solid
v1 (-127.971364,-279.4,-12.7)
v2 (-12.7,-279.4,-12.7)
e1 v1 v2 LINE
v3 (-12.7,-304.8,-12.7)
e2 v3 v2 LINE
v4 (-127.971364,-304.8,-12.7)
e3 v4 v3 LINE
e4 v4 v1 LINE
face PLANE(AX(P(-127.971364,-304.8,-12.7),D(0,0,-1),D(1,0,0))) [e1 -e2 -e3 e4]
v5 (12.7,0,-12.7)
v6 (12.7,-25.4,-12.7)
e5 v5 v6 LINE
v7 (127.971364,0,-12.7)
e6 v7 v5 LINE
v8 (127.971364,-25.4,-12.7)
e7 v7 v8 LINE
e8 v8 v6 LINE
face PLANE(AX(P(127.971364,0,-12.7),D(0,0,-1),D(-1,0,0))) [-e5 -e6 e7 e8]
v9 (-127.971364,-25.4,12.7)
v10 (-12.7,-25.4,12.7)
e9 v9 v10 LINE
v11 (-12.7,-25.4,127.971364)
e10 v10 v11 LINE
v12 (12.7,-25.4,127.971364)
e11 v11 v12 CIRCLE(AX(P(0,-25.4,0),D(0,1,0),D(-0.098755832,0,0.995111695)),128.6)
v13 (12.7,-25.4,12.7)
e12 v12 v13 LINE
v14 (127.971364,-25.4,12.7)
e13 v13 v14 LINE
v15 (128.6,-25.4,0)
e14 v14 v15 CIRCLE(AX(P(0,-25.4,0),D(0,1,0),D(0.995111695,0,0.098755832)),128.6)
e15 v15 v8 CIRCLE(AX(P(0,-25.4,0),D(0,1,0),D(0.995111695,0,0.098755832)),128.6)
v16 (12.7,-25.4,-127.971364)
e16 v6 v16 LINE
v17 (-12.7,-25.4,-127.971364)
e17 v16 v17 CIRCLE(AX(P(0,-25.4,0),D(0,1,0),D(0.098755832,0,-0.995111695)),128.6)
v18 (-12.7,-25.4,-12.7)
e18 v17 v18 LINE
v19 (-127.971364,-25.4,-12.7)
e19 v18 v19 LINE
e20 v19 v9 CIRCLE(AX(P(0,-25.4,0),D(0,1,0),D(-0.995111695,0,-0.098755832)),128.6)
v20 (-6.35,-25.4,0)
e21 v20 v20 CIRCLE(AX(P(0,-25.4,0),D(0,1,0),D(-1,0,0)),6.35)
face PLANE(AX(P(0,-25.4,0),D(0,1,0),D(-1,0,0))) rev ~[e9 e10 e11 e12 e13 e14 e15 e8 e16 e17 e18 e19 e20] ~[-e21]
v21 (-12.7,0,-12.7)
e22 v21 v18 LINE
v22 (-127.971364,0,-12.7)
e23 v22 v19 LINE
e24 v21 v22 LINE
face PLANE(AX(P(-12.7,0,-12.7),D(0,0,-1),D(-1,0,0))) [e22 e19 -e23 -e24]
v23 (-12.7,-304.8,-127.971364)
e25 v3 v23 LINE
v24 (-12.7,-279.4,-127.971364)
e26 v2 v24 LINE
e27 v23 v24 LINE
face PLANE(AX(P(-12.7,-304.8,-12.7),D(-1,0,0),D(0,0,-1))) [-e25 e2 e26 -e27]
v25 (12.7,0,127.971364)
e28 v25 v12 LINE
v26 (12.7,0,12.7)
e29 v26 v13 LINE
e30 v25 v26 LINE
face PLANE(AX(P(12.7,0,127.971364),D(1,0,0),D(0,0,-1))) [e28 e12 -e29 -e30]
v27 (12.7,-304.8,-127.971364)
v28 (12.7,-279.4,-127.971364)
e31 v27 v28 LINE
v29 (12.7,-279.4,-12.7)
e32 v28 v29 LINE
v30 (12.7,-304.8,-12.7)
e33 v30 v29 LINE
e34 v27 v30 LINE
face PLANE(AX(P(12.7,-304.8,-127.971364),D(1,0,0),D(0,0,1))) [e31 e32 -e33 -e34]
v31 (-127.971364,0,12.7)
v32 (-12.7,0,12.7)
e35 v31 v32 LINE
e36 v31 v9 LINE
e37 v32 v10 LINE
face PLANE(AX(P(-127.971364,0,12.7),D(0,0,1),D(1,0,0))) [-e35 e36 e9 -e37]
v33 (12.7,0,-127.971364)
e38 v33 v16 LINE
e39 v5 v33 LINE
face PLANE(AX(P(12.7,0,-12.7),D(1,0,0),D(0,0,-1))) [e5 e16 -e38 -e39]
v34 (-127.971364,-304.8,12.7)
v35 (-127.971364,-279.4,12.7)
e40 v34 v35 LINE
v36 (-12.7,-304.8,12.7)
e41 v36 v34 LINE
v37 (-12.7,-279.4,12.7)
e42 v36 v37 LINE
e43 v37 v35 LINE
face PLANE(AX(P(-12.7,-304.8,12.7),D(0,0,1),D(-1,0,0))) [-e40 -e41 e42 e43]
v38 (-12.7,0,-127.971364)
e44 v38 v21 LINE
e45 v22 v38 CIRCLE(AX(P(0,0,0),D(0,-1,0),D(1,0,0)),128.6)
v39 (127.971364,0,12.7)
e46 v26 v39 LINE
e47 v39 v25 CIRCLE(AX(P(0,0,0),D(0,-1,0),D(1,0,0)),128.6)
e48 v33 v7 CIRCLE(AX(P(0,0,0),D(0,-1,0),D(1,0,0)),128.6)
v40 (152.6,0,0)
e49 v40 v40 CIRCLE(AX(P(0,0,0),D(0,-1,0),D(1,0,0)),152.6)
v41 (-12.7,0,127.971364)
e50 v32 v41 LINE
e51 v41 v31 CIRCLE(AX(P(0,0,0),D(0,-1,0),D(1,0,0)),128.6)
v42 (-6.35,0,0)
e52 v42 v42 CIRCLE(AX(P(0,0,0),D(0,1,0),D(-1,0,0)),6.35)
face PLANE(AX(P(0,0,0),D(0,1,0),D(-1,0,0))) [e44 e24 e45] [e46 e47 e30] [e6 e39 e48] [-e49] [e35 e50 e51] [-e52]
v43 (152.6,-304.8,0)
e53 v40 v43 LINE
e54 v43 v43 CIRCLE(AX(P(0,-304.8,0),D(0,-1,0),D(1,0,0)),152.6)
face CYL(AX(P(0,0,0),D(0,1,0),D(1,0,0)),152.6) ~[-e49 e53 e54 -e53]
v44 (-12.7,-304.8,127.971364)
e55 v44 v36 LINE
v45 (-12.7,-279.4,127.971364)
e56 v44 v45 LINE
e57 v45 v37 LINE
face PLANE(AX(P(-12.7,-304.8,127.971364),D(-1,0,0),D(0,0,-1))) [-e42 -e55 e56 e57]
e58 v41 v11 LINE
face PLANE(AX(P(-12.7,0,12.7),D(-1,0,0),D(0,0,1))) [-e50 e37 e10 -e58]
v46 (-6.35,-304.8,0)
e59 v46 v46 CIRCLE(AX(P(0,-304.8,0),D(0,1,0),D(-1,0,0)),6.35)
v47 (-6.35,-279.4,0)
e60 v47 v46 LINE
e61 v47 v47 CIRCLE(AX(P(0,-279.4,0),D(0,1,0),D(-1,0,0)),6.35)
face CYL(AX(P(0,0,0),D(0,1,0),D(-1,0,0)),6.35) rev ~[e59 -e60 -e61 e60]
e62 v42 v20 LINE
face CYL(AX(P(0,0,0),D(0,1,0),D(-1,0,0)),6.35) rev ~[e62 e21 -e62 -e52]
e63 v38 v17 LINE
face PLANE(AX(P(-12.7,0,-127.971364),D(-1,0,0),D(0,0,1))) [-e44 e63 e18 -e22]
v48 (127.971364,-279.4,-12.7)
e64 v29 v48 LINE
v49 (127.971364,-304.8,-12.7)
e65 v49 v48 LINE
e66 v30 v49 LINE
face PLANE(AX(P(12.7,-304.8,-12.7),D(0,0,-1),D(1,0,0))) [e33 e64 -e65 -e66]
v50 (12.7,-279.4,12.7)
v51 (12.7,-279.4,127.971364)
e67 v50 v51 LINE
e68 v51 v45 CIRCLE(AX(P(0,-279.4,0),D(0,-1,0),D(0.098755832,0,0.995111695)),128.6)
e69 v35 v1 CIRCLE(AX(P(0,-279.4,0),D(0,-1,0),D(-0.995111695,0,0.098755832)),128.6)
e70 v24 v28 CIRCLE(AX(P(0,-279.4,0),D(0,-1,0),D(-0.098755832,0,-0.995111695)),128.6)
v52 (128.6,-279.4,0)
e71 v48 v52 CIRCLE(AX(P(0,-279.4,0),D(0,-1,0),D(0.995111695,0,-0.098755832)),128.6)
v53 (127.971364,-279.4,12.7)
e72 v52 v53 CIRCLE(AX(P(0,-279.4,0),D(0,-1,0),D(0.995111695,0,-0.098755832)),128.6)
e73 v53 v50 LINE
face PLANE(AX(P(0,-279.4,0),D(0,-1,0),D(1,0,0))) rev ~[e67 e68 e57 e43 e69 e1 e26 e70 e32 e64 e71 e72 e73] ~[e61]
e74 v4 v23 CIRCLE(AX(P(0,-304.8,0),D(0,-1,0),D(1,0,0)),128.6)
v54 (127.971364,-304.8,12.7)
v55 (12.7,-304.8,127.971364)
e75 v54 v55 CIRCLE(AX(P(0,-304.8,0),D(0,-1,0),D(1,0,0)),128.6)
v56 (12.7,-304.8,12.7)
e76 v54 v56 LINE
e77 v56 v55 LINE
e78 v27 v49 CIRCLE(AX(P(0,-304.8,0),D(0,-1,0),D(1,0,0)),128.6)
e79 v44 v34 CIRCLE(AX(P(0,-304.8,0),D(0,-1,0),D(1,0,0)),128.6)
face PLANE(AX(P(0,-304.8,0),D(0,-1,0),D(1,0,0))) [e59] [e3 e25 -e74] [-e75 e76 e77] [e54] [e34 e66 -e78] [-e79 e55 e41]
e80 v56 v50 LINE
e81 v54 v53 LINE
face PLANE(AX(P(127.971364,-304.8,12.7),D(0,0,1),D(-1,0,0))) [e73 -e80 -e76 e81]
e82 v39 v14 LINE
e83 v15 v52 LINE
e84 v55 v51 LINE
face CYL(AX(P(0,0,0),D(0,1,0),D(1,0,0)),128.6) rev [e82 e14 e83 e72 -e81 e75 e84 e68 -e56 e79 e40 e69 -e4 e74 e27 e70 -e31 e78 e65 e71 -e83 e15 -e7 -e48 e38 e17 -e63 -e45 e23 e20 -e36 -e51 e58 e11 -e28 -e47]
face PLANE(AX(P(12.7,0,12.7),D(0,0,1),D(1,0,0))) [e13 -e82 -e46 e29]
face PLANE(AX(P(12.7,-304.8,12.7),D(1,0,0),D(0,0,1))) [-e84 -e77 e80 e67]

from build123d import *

# Parameters (mm, degrees)
F0_R     = 152.6
F0_R_2   = 128.6
F1_DEPTH = 304.8
F3_DEPTH = 25.4
F5_DEPTH = 25.4
F6_R     = 6.35
F7_DEPTH = 382


with BuildPart() as f1:
    # F0 (on Front) → F1 (new body)
    with BuildSketch(Plane.XZ):
        Circle(F0_R)
        Circle(F0_R_2, mode=Mode.SUBTRACT)
    extrude(amount=F1_DEPTH)

    # F2 (on face) → F3 (join)
    with BuildSketch(Plane.XZ.offset(304.8)):
        with BuildLine():
            ThreePointArc((12.7, 127.9713639843), (0, 128.6), (-12.7, 127.9713639843))
            Line((-12.7, 127.9713639843), (-12.7, 12.7))
            Line((-12.7, 12.7), (-12.7, -12.7))
            Line((-12.7, -12.7), (-12.7, -127.9713639843))
            ThreePointArc((-12.7, -127.9713639843), (0, -128.6), (12.7, -127.9713639843))
            Line((12.7, -127.9713639843), (12.7, -12.7))
            Line((12.7, -12.7), (12.7, 12.7))
            Line((12.7, 12.7), (12.7, 127.9713639843))
        make_face()
        with BuildLine():
            Line((-12.7, -12.7), (-12.7, 12.7))
            Line((-12.7, 12.7), (-127.9713639843, 12.7))
            ThreePointArc((-127.9713639843, 12.7), (-128.6, 0), (-127.9713639843, -12.7))
            Line((-127.9713639843, -12.7), (-12.7, -12.7))
        make_face()
        with BuildLine():
            Line((127.9713639843, 12.7), (12.7, 12.7))
            Line((12.7, 12.7), (12.7, -12.7))
            Line((12.7, -12.7), (127.9713639843, -12.7))
            ThreePointArc((127.9713639843, -12.7), (128.6, 0), (127.9713639843, 12.7))
        make_face()
        with BuildLine():
            Line((127.9713639843, 12.7), (12.7, 12.7))
            Line((12.7, 12.7), (12.7, -12.7))
            Line((12.7, -12.7), (127.9713639843, -12.7))
            ThreePointArc((127.9713639843, -12.7), (128.4427448484, -6.3577744384), (128.6, 0))
            ThreePointArc((128.6, 0), (128.4427448484, 6.3577744384), (127.9713639843, 12.7))
        make_face()
    extrude(amount=-F3_DEPTH)

    # F4 (on face) → F5 (join)
    with BuildSketch(Plane(origin=(0, 0, 0), x_dir=(-1, 0, 0), z_dir=(0, 1, 0))):
        with BuildLine():
            Line((-12.7, 127.9713639843), (-12.7, 12.7))
            Line((-12.7, 12.7), (-127.9713639843, 12.7))
            ThreePointArc((-127.9713639843, 12.7), (-128.6, 0), (-127.9713639843, -12.7))
            Line((-127.9713639843, -12.7), (-12.7, -12.7))
            Line((-12.7, -12.7), (-12.7, -127.9713639843))
            ThreePointArc((-12.7, -127.9713639843), (0, -128.6), (12.7, -127.9713639843))
            Line((12.7, -127.9713639843), (12.7, -12.7))
            Line((12.7, -12.7), (127.9713639843, -12.7))
            ThreePointArc((127.9713639843, -12.7), (128.4427448484, -6.3577744384), (128.6, 0))
            ThreePointArc((128.6, 0), (128.4427448484, 6.3577744384), (127.9713639843, 12.7))
            Line((127.9713639843, 12.7), (12.7, 12.7))
            Line((12.7, 12.7), (12.7, 127.9713639843))
            ThreePointArc((12.7, 127.9713639843), (0, 128.6), (-12.7, 127.9713639843))
        make_face()
    extrude(amount=-F5_DEPTH)

    # F6 (on face) → F7 (cut)
    with BuildSketch(Plane(origin=(0, 0, 0), x_dir=(-1, 0, 0), z_dir=(0, 1, 0))):
        Circle(F6_R)
    extrude(amount=-F7_DEPTH, mode=Mode.SUBTRACT)


solid = f1.part
